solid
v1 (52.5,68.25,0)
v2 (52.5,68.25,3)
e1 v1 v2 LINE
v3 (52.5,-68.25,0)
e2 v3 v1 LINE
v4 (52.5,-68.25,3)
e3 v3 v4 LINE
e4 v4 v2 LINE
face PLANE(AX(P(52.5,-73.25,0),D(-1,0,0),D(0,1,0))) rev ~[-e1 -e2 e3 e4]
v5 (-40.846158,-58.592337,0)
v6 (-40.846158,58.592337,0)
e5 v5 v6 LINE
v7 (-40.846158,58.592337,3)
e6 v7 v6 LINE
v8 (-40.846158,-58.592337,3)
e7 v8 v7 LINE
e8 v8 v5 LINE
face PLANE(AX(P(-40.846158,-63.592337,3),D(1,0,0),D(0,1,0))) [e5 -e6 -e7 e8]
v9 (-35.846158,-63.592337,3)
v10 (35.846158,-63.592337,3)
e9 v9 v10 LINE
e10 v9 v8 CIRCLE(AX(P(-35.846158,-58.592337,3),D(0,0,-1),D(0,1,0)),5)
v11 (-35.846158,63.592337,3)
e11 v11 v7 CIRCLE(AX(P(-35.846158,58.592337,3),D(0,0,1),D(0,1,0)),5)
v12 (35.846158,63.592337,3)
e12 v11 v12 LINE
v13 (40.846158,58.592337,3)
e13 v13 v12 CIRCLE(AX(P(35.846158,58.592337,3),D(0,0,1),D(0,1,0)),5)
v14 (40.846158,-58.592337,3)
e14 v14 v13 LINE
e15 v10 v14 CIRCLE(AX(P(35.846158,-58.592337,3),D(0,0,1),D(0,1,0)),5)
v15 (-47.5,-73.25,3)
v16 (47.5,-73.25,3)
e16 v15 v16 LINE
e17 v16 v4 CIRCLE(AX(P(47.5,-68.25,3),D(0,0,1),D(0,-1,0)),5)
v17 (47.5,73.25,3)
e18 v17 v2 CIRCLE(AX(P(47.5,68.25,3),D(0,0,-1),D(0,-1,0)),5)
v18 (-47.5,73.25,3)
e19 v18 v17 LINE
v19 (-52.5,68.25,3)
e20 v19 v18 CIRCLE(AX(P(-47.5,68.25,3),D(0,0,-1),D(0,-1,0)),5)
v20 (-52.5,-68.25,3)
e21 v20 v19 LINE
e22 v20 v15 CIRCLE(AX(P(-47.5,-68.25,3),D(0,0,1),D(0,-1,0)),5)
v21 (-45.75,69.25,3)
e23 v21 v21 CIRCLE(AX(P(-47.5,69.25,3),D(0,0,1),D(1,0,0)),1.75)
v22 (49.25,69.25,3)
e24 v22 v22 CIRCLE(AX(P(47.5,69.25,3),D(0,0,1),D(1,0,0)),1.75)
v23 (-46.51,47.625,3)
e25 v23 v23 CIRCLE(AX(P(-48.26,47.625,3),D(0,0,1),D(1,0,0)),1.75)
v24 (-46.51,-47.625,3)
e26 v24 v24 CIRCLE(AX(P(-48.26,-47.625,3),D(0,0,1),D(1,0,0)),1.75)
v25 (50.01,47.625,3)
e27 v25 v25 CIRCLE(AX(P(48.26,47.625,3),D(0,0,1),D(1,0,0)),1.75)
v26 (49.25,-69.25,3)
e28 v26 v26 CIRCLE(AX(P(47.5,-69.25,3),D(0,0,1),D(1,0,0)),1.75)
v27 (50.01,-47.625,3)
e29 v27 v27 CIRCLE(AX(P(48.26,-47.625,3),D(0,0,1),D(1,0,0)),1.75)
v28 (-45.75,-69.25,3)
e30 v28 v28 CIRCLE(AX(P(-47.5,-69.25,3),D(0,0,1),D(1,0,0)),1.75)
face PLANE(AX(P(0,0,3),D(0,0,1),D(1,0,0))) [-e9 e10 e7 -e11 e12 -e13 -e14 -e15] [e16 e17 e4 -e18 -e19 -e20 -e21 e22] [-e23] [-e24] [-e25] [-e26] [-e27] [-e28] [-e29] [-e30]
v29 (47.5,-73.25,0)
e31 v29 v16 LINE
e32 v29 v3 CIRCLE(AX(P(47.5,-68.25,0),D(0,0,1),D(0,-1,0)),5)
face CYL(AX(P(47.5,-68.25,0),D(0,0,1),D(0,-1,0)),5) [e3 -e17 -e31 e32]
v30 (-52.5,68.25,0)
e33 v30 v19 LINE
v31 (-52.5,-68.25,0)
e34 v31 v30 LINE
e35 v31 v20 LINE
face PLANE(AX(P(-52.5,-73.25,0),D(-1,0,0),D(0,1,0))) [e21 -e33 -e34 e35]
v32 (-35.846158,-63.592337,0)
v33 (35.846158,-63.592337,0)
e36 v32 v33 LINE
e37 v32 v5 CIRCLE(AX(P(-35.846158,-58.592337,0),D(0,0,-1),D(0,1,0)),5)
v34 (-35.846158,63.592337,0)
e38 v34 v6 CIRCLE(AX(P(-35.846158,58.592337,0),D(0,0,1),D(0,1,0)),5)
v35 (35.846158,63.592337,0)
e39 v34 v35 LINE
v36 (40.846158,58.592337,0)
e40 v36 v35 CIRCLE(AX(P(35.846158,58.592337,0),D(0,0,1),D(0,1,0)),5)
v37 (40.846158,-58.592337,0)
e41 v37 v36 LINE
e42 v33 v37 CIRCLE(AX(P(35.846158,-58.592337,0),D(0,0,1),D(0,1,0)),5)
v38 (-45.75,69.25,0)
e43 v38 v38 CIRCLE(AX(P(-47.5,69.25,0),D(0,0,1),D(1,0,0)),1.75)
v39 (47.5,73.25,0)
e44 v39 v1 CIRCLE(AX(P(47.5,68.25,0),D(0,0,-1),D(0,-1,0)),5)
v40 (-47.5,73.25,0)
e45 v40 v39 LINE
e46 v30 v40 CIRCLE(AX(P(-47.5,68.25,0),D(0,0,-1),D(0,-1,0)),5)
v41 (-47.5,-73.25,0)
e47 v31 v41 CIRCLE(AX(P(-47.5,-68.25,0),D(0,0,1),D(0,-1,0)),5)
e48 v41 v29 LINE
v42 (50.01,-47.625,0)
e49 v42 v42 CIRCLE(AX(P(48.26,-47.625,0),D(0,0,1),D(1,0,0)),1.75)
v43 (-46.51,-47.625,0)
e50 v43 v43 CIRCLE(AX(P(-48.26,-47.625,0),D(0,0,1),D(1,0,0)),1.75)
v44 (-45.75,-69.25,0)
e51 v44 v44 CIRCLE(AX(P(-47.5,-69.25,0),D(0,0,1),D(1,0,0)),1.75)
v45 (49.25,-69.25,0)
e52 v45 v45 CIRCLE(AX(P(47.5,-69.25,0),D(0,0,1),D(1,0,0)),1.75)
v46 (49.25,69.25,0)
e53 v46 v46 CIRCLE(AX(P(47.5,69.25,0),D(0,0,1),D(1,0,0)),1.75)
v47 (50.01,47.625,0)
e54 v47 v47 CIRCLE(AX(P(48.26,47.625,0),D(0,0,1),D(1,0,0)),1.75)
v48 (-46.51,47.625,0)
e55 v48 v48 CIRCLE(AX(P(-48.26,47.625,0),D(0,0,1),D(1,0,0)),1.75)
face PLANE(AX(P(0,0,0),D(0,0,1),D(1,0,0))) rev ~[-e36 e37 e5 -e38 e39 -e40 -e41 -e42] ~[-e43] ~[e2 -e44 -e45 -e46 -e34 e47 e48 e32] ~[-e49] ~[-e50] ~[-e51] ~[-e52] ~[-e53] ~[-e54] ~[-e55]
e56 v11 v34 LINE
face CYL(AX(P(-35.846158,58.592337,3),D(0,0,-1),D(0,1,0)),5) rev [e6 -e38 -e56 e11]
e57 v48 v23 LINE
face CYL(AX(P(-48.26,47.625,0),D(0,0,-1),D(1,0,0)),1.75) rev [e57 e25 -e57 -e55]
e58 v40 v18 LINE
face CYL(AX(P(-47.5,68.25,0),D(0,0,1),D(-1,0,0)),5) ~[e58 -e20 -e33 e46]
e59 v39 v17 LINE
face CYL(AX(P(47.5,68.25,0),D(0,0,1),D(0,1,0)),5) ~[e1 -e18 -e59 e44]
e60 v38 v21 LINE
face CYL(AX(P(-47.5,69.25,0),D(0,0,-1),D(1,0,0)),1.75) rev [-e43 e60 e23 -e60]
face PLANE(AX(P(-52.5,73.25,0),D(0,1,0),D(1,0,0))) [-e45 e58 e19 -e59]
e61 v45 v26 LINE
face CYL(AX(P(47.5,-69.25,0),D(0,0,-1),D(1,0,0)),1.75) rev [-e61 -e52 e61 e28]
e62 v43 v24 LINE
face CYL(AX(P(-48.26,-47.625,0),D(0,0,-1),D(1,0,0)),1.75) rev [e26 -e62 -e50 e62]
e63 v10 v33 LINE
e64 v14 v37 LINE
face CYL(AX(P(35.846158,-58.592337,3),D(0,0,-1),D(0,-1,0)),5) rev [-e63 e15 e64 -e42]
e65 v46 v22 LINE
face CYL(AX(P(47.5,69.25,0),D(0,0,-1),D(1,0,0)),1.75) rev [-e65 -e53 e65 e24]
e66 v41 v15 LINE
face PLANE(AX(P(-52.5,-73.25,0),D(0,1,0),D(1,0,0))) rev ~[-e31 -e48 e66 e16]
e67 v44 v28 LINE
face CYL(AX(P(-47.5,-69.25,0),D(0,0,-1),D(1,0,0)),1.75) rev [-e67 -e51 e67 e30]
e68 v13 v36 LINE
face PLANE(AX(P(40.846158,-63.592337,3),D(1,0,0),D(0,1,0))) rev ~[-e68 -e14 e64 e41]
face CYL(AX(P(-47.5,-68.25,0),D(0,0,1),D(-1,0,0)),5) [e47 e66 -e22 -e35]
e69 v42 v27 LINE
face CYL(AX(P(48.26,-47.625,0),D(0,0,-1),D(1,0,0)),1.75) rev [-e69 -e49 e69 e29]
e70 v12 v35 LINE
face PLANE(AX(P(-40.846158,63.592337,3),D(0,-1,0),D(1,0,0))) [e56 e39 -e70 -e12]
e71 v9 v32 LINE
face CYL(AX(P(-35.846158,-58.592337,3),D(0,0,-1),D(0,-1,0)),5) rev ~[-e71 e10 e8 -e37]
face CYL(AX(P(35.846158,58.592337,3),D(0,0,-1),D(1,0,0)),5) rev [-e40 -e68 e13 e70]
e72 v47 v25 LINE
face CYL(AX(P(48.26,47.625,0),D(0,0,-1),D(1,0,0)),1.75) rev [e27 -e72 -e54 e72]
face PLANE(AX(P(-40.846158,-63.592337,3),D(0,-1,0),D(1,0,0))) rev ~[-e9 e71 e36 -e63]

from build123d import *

# Parameters (mm, degrees)
F0_W     = 105
F0_H     = 146.5
F0_R     = 1.75
F1_DEPTH = 3
F2_W     = 81.692316
F2_H     = 127.184674
F3_DEPTH = 25
F4_R     = 5


with BuildPart() as f1:
    # F0 (on Top) → F1 (new body)
    with BuildSketch(Plane.XY):
        Rectangle(F0_W, F0_H)
        with Locations((-47.5, -69.25)):
            Circle(F0_R, mode=Mode.SUBTRACT)
        with Locations((-48.26, -47.625)):
            Circle(F0_R, mode=Mode.SUBTRACT)
        with Locations((47.5, -69.25)):
            Circle(F0_R, mode=Mode.SUBTRACT)
        with Locations((48.26, -47.625)):
            Circle(F0_R, mode=Mode.SUBTRACT)
        with Locations((-48.26, 47.625)):
            Circle(F0_R, mode=Mode.SUBTRACT)
        with Locations((-47.5, 69.25)):
            Circle(F0_R, mode=Mode.SUBTRACT)
        with Locations((48.26, 47.625)):
            Circle(F0_R, mode=Mode.SUBTRACT)
        with Locations((47.5, 69.25)):
            Circle(F0_R, mode=Mode.SUBTRACT)
    extrude(amount=F1_DEPTH)

    # F2 (on face) → F3 (cut)
    with BuildSketch(Plane.XY.offset(3)):
        Rectangle(F2_W, F2_H)
    extrude(amount=-F3_DEPTH, mode=Mode.SUBTRACT)

    # F4
    f4_edges = [f1.edges().sort_by_distance(p)[0] for p in [
        (-52.5, 73.25, 1.5),
        (-52.5, -73.25, 1.5),
        (52.5, -73.25, 1.5),
        (-40.846158, 63.592337, 1.5),
        (52.5, 73.25, 1.5),
        (40.846158, 63.592337, 1.5),
        (40.846158, -63.592337, 1.5),
        (-40.846158, -63.592337, 1.5),
    ]]
    fillet(f4_edges, radius=F4_R)


solid = f1.part
